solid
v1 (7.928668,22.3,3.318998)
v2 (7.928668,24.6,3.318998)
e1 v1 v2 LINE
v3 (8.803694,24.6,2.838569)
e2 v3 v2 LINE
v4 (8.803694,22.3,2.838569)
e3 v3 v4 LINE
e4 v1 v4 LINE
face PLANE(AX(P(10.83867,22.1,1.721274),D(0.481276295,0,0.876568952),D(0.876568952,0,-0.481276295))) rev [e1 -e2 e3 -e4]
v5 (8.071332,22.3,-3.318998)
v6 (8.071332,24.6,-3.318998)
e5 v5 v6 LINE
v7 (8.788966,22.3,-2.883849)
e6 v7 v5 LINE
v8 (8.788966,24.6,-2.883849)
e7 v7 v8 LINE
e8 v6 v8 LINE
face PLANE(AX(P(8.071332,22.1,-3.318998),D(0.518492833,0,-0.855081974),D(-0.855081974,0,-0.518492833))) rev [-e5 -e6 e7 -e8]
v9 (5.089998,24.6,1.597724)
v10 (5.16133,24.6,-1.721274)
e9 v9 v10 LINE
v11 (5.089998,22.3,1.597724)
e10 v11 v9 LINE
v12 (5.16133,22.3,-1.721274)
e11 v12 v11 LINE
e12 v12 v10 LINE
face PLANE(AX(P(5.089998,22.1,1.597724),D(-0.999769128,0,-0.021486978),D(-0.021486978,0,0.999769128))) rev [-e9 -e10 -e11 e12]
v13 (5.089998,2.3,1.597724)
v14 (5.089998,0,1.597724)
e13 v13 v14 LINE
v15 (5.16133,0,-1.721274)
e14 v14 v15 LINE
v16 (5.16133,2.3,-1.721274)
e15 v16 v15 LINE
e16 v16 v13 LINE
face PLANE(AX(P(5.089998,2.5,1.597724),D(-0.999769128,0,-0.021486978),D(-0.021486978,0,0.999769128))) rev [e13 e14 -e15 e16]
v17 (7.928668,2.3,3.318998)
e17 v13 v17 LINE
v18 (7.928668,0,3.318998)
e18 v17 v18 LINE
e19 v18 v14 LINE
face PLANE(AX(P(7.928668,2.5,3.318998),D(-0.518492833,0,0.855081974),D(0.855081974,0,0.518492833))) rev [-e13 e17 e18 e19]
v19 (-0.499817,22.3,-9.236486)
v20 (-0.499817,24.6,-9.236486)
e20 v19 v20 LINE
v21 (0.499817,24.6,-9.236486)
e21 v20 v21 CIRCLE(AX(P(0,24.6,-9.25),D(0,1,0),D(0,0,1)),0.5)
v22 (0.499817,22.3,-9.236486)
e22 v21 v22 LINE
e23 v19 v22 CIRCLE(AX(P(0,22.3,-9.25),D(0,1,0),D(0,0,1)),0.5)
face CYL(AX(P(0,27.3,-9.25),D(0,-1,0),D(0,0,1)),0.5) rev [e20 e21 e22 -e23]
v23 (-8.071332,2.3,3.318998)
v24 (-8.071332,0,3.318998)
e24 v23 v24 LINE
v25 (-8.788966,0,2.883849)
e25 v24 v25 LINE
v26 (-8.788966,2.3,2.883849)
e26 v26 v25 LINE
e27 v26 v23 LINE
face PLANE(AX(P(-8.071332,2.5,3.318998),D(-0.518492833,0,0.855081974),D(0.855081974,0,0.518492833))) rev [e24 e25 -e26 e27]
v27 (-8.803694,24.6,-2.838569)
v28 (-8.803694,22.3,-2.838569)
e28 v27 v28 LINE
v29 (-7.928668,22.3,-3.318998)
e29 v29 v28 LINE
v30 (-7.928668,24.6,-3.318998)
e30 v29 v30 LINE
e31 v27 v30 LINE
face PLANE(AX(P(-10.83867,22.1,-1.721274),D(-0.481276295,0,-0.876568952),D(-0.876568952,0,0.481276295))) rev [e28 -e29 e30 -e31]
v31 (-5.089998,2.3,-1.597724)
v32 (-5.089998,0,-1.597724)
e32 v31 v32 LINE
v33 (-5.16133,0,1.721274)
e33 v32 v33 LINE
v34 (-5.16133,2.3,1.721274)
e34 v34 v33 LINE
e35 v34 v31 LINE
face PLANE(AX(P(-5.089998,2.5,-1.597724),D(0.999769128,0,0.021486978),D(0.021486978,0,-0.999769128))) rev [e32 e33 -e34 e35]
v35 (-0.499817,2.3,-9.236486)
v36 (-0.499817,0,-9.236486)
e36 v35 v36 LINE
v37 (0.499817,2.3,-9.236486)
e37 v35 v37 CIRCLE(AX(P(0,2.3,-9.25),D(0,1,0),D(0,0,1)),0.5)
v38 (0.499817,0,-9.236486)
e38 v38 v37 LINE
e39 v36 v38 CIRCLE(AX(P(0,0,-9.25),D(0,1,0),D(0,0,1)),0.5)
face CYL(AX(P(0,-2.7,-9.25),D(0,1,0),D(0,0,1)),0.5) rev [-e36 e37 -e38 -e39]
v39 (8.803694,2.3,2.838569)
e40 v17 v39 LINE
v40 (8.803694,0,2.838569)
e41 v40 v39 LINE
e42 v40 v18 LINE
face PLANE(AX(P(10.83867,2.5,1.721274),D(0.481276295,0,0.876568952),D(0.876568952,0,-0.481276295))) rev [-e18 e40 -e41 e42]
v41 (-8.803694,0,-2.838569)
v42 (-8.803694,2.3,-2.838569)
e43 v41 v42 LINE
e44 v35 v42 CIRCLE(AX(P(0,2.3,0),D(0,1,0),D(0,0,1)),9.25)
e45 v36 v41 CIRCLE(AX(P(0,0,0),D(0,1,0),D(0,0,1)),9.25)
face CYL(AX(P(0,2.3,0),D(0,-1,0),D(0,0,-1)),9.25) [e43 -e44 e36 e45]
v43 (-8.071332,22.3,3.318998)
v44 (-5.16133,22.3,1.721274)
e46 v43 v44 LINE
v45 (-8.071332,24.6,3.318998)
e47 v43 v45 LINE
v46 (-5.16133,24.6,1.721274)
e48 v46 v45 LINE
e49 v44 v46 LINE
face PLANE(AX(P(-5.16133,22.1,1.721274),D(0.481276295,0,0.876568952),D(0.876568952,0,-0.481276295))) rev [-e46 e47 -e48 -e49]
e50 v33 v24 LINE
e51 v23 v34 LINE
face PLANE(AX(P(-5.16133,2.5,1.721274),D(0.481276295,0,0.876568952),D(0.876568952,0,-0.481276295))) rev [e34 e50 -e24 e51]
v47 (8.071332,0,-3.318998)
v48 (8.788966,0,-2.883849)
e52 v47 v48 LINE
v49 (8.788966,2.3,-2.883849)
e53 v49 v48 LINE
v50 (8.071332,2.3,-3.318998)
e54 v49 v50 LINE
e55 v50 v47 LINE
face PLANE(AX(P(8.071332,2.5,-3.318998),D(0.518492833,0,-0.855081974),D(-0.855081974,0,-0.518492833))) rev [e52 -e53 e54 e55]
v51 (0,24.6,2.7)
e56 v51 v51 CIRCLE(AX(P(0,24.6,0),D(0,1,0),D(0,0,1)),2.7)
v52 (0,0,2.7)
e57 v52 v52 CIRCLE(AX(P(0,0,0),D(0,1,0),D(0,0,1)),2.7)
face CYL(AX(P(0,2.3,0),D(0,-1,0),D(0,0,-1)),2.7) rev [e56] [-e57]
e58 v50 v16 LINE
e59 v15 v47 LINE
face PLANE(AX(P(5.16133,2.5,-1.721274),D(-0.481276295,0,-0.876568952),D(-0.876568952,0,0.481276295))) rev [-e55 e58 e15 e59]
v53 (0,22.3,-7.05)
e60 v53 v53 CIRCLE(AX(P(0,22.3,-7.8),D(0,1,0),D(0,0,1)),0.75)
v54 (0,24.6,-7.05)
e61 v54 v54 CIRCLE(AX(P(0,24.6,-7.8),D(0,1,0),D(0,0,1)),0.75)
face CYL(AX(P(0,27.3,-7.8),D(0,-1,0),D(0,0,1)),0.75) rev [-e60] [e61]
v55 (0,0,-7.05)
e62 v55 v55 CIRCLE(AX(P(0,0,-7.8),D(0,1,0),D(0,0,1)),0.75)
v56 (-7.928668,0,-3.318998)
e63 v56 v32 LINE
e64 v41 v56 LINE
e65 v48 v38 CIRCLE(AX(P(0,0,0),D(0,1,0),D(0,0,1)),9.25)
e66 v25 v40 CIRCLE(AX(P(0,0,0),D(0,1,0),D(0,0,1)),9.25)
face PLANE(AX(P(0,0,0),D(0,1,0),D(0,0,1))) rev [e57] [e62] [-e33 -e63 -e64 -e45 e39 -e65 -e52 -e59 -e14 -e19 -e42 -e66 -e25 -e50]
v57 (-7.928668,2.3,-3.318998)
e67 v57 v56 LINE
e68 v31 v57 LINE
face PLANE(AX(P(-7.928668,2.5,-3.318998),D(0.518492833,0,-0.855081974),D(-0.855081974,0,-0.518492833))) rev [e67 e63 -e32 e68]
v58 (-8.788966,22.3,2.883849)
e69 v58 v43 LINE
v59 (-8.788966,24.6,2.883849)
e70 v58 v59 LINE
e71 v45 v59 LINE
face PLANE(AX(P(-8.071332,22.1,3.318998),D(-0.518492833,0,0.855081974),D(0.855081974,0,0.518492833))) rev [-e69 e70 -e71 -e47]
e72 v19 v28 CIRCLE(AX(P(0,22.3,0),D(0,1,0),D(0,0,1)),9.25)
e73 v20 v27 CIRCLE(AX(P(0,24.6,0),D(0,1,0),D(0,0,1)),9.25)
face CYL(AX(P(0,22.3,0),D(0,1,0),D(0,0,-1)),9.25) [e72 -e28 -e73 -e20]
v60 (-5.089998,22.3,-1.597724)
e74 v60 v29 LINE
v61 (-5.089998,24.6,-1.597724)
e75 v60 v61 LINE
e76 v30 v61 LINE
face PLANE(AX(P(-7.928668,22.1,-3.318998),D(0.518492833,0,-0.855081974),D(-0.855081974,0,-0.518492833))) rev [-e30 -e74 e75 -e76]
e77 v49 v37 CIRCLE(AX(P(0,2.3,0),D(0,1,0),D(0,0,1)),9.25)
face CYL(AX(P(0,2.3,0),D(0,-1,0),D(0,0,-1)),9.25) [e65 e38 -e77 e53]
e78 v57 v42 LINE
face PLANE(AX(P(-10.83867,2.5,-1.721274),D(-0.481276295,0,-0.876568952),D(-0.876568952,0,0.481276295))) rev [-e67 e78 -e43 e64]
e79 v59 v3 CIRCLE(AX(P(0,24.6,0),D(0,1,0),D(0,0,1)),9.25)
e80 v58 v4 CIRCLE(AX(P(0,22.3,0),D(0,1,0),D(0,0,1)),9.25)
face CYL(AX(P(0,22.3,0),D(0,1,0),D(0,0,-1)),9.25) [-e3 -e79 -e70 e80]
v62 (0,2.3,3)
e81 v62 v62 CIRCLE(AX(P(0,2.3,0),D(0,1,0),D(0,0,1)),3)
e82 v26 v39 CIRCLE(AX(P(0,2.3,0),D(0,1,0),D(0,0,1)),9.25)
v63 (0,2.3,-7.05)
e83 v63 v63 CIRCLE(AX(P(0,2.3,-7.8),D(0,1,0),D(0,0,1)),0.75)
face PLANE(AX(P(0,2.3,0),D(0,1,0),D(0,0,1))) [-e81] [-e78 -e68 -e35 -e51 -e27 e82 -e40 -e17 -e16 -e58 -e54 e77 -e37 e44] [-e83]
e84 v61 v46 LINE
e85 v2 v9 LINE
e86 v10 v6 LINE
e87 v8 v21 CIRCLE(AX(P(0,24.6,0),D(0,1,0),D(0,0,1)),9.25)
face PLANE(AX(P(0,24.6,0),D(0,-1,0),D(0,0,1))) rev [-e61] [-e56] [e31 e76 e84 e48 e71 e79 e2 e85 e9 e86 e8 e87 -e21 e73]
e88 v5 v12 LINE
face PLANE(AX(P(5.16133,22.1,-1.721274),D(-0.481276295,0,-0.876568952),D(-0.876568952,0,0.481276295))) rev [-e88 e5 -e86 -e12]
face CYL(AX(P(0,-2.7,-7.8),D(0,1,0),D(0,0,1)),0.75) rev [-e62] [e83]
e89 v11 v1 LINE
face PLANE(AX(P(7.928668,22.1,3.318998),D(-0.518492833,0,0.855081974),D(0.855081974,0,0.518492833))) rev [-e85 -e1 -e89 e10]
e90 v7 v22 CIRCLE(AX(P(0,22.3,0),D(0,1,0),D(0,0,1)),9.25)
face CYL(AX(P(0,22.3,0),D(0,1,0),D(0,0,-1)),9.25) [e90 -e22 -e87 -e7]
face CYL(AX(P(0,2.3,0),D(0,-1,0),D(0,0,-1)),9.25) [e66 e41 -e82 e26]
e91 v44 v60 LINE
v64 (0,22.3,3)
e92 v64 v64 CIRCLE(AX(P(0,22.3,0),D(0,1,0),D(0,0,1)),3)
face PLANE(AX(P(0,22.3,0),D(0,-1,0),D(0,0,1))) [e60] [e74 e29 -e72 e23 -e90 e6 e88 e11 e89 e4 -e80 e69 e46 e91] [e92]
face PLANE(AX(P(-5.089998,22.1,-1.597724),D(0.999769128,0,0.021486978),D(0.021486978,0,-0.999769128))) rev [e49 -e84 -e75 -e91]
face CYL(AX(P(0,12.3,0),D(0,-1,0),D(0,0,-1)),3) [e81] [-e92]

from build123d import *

# Parameters (mm, degrees)
SKETCH1_R           = 9.25
SKETCH1_R_2         = 2.7
BOSS_EXTRUDE1_DEPTH = 2.3
CUT_EXTRUDE3_DEPTH  = 2.5
SKETCH4_R           = 0.75
SKETCH4_R_2         = 0.5
CUT_EXTRUDE4_DEPTH  = 5
SKETCH2_R           = 3
SKETCH2_R_2         = 2.7
BOSS_EXTRUDE2_DEPTH = 10


with BuildPart() as part:
    # Sketch1 → Boss-Extrude1 (new body)
    with BuildSketch(Plane(origin=(0, 0, 0), x_dir=(1, 0, 0), z_dir=(0, 1, 0))):
        Circle(SKETCH1_R)
        Circle(SKETCH1_R_2, mode=Mode.SUBTRACT)
    extrude(amount=BOSS_EXTRUDE1_DEPTH)

    # Sketch3 → Cut-Extrude3 (cut)
    with BuildSketch(Plane.XZ):
        Polygon((-5.161329605, 1.721273866), (-8.071331697, 3.318997608), (-10.910002092, 1.597723742), (-10.838670395, -1.721273866), (-7.928668303, -3.318997608), (-5.089997908, -1.597723742), align=None)
        Polygon((5.161329605, -1.721273866), (8.071331697, -3.318997608), (10.910002092, -1.597723742), (10.838670395, 1.721273866), (7.928668303, 3.318997608), (5.089997908, 1.597723742), align=None)
    extrude(amount=-CUT_EXTRUDE3_DEPTH, mode=Mode.SUBTRACT)

    # Sketch4 → Cut-Extrude4 (cut)
    with BuildSketch(Plane(origin=(0, 2.3, 0), x_dir=(1, 0, 0), z_dir=(0, 1, 0))):
        with Locations((0, 7.8)):
            Circle(SKETCH4_R)
        with Locations((0, 9.25)):
            Circle(SKETCH4_R_2)
    extrude(amount=-CUT_EXTRUDE4_DEPTH, mode=Mode.SUBTRACT)

    # Sketch2 → Boss-Extrude2 (add)
    with BuildSketch(Plane(origin=(0, 2.3, 0), x_dir=(1, 0, 0), z_dir=(0, 1, 0))):
        Circle(SKETCH2_R)
        Circle(SKETCH2_R_2, mode=Mode.SUBTRACT)
    extrude(amount=BOSS_EXTRUDE2_DEPTH)

    # Mirror7: part across plane


with BuildPart() as part_1:
    add(part.part)
    add(part.part.mirror(Plane.ZX.offset(12.3)))


solid = part_1.part
